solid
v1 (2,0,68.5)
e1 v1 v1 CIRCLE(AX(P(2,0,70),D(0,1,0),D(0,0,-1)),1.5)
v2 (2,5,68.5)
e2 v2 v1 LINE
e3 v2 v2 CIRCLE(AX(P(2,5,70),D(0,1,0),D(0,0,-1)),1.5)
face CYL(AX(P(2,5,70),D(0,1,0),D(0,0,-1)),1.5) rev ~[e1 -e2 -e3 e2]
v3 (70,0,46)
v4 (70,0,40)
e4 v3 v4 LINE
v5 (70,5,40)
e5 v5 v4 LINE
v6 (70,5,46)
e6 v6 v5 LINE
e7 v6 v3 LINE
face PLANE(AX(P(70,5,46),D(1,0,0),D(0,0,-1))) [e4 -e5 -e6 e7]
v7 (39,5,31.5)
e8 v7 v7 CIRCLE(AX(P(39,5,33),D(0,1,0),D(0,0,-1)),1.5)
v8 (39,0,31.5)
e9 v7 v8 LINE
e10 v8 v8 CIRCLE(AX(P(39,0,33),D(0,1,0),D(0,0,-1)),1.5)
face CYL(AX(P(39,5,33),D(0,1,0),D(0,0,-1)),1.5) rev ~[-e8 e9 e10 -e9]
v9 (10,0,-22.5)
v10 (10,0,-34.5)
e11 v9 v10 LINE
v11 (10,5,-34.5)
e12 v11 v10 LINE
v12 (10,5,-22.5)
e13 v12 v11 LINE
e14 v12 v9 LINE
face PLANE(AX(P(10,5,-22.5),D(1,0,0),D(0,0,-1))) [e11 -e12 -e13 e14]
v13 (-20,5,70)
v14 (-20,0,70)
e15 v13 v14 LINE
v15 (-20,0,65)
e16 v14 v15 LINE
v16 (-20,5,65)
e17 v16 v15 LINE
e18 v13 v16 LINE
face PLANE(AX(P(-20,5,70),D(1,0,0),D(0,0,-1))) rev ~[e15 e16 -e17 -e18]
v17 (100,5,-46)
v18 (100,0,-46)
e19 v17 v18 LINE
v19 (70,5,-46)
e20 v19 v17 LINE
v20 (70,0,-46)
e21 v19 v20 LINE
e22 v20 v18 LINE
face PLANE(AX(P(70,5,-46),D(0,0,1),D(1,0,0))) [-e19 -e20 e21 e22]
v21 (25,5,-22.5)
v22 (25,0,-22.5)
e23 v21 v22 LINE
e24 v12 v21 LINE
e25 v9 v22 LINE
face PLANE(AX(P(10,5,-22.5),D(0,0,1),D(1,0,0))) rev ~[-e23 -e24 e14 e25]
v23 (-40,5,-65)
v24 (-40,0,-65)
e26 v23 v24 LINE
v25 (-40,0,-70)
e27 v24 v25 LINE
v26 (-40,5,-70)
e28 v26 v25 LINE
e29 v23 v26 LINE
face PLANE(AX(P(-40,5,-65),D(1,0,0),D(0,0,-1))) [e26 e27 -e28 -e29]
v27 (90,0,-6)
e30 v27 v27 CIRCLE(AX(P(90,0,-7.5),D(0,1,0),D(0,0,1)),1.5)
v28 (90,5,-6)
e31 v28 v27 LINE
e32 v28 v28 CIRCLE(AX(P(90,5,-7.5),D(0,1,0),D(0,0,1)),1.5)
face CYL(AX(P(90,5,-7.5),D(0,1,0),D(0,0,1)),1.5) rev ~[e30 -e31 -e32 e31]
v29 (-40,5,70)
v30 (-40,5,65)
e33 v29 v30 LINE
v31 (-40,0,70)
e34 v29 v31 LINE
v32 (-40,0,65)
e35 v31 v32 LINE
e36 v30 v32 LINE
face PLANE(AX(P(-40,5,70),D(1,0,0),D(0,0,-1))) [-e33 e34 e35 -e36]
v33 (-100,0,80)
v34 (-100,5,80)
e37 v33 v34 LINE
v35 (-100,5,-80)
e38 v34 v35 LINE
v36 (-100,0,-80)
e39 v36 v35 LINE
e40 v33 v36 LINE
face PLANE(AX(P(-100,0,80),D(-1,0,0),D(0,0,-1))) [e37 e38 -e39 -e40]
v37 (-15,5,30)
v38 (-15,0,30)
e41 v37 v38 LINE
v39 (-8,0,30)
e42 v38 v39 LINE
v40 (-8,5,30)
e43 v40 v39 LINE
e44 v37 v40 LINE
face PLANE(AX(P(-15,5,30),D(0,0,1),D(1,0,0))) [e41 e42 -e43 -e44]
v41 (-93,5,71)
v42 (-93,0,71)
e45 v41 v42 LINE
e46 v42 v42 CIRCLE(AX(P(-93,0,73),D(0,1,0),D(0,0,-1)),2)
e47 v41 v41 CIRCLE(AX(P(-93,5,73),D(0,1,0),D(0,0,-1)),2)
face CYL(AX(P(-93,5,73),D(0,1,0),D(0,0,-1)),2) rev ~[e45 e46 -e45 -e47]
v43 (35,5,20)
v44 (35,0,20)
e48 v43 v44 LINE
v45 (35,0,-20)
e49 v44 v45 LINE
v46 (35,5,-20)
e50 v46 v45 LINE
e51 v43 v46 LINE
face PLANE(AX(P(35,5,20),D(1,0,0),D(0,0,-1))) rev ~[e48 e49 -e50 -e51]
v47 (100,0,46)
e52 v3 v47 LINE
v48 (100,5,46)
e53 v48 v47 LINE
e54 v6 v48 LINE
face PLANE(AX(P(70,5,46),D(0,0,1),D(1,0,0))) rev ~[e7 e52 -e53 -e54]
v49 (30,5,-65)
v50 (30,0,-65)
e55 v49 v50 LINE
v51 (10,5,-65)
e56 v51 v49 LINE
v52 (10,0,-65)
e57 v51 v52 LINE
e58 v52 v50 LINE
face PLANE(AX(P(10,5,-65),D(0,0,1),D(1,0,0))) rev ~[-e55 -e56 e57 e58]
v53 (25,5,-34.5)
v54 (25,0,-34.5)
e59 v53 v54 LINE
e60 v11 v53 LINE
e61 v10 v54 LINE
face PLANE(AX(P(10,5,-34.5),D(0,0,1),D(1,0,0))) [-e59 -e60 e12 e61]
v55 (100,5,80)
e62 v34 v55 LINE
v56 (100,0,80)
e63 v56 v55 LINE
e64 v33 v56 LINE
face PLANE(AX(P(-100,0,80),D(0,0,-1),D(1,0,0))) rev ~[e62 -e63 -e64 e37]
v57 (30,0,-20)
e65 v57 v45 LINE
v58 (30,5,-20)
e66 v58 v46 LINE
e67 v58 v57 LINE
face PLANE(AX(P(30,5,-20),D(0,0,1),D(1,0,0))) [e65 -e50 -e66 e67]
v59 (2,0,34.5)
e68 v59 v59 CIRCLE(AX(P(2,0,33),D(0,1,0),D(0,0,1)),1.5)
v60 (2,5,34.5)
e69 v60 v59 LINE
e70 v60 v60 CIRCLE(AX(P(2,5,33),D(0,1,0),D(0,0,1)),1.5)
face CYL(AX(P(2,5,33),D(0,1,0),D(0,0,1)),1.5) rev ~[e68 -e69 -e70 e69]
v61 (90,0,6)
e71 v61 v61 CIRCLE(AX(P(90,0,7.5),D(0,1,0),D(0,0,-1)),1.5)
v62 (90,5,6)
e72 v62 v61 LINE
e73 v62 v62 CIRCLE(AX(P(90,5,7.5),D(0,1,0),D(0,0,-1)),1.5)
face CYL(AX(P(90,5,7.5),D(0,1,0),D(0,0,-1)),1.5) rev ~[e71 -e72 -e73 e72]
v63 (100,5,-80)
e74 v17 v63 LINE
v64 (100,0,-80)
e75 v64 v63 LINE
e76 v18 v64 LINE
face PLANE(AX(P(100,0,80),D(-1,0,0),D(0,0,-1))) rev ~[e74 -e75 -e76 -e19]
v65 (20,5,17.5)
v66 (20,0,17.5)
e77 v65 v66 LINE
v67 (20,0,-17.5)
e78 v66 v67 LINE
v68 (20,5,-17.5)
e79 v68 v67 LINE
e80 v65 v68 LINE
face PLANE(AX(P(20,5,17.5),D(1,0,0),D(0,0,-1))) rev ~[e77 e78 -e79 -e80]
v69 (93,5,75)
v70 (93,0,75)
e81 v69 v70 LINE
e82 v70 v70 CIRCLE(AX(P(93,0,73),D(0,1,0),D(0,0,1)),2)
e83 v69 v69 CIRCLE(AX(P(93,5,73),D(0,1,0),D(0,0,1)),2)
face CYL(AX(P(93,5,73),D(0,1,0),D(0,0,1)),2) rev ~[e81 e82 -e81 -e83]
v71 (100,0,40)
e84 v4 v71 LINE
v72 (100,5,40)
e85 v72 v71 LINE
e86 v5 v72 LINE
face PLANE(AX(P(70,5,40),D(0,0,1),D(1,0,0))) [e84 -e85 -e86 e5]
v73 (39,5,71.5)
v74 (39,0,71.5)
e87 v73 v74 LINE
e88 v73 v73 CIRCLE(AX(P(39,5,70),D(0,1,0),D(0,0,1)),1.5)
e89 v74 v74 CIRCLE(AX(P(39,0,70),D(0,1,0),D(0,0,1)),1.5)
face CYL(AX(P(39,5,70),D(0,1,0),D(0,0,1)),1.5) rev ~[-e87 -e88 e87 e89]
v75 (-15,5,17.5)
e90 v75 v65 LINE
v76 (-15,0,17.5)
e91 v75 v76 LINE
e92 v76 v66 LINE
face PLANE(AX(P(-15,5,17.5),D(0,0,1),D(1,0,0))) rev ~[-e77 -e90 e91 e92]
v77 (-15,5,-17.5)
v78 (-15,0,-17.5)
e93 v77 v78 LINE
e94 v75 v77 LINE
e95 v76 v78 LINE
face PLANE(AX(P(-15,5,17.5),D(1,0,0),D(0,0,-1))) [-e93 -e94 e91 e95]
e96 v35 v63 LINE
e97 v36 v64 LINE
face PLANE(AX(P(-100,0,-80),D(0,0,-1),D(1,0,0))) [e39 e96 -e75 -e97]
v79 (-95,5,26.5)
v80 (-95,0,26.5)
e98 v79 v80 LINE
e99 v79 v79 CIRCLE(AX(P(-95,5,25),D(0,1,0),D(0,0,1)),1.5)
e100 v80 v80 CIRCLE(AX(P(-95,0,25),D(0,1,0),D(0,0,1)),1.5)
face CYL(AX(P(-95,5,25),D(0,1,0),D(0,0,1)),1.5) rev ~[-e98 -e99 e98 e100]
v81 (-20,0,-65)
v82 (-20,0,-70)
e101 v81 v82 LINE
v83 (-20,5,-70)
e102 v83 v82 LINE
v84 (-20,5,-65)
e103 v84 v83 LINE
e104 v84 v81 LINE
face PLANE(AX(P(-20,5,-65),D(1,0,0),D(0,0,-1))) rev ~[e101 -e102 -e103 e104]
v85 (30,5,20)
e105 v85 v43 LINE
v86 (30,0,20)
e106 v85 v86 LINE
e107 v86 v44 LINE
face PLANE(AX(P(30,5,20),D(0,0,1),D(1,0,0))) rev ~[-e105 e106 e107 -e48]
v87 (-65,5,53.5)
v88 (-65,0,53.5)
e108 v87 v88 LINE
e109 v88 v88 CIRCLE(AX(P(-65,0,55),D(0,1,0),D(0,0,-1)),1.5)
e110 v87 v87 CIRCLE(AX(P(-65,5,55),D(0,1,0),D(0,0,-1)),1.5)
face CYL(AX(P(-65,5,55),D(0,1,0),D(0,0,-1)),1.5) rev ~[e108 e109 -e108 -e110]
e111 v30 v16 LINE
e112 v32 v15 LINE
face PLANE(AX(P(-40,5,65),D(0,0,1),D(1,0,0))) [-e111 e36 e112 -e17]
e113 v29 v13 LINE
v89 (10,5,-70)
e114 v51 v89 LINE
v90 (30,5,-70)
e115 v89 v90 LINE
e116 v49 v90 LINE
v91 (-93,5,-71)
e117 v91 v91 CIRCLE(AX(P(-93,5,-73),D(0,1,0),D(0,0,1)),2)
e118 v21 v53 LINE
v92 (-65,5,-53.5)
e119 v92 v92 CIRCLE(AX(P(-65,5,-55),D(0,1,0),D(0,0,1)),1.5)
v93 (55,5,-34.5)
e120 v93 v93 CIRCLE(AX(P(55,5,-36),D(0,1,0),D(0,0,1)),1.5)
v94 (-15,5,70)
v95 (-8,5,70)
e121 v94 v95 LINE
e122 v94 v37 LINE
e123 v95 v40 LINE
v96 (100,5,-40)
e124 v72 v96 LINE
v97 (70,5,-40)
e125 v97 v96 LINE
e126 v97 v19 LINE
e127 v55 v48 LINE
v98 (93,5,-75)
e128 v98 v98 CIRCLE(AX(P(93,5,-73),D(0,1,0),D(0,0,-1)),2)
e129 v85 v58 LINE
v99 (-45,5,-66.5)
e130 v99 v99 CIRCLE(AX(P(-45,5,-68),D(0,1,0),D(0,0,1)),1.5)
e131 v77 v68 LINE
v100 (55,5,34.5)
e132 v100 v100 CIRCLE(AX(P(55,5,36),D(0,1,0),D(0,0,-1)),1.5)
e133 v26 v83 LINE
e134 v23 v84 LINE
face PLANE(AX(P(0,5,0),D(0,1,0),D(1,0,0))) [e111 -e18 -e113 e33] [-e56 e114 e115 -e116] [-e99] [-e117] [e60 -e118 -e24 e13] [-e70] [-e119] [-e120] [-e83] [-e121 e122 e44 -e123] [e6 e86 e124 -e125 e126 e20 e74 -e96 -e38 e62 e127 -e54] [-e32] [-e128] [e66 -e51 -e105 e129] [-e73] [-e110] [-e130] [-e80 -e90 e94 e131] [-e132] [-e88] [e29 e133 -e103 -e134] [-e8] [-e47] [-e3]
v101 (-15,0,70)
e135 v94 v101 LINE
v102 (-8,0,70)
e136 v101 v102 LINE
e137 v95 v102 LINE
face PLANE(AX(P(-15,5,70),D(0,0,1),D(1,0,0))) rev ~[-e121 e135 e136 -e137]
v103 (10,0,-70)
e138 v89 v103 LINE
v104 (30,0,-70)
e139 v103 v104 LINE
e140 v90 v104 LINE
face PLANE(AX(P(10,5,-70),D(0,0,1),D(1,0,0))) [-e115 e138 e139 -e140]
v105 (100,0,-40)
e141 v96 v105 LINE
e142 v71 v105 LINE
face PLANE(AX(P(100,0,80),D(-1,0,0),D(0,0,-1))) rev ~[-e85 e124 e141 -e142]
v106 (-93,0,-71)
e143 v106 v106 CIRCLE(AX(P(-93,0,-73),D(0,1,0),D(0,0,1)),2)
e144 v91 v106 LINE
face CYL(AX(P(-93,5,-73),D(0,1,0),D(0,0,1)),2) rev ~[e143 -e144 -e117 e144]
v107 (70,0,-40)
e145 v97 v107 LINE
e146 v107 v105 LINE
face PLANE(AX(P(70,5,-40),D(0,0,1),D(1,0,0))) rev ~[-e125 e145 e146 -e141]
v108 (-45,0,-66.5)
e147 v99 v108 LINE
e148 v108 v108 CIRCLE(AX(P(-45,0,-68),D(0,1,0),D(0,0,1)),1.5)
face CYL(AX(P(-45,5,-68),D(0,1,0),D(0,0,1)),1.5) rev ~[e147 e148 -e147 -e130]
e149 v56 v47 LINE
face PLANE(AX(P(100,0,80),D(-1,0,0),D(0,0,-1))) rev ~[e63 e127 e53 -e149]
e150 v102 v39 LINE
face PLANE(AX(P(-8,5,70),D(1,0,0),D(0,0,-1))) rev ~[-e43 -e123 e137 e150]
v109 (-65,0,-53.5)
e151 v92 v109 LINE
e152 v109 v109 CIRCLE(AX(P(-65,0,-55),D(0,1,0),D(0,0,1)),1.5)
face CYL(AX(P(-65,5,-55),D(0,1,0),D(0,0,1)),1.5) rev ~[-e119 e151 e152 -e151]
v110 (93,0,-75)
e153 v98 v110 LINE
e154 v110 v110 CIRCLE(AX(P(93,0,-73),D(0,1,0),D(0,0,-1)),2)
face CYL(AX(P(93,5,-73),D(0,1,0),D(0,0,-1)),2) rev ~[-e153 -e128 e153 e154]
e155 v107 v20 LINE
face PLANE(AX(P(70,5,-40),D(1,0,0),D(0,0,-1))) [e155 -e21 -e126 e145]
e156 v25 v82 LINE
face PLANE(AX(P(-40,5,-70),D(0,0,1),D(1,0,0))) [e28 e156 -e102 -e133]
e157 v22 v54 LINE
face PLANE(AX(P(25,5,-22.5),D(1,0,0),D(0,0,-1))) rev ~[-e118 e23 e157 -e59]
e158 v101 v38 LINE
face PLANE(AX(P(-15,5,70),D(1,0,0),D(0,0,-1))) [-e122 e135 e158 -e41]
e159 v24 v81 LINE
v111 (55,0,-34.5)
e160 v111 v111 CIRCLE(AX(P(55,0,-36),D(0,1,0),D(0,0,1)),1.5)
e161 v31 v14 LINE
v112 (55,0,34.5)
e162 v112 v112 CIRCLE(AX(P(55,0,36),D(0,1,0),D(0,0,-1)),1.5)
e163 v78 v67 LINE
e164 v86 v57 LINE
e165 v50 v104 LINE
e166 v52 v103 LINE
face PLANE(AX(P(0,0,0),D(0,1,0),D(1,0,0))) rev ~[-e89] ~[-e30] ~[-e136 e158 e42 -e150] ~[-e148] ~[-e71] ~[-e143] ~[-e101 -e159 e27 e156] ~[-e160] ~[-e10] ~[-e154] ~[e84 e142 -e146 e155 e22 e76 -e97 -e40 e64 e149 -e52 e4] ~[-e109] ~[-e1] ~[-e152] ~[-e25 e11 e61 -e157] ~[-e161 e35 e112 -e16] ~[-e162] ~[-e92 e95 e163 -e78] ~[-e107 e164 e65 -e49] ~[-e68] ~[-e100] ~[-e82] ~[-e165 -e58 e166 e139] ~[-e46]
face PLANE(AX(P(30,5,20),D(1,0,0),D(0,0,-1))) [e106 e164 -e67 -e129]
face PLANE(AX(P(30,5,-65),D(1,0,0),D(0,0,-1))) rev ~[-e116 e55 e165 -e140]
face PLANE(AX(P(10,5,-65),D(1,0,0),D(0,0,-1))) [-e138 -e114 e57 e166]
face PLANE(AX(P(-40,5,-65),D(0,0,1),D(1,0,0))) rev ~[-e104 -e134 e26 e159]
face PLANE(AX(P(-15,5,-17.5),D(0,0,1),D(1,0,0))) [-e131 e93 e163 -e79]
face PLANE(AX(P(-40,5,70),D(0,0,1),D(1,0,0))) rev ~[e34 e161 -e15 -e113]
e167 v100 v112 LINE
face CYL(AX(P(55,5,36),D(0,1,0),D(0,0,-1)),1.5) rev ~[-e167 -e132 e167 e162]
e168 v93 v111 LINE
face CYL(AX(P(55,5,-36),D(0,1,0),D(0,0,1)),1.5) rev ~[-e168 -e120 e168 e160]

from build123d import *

# Parameters (mm, degrees)
SKETCH1_W           = 200
SKETCH1_H           = 160
BOSS_EXTRUDE1_DEPTH = 5
SKETCH2_R           = 2
CUT_EXTRUDE1_DEPTH  = 5
SKETCH3_R           = 1.5
CUT_EXTRUDE4_DEPTH  = 5
SKETCH4_R           = 1.5
CUT_EXTRUDE5_DEPTH  = 5
SKETCH5_W           = 35
SKETCH5_H           = 35
CUT_EXTRUDE6_DEPTH  = 5
SKETCH7_W           = 7
SKETCH7_H           = 40
SKETCH7_W_2         = 5
SKETCH7_W_3         = 20
SKETCH7_H_2         = 5
CUT_EXTRUDE7_DEPTH  = 5
SKETCH8_W           = 15
SKETCH8_H           = 12
SKETCH8_W_2         = 30
SKETCH8_H_2         = 6
CUT_EXTRUDE8_DEPTH  = 5
SKETCH9_W           = 20
SKETCH9_H           = 5
CUT_EXTRUDE9_DEPTH  = 5
SKETCH10_R          = 1.5
CUT_EXTRUDE10_DEPTH = 5
SKETCH11_R          = 1.5
CUT_EXTRUDE11_DEPTH = 5
SKETCH12_R          = 1.5
CUT_EXTRUDE12_DEPTH = 5


with BuildPart() as part:
    # Sketch1 → Boss-Extrude1 (new body)
    with BuildSketch(Plane(origin=(0, 0, 0), x_dir=(1, 0, 0), z_dir=(0, 1, 0))):
        Rectangle(SKETCH1_W, SKETCH1_H)
    extrude(amount=BOSS_EXTRUDE1_DEPTH)

    # Sketch2 → Cut-Extrude1 (cut)
    with BuildSketch(Plane(origin=(0, 5, 0), x_dir=(1, 0, 0), z_dir=(0, 1, 0))):
        with Locations(Location((-93, 73, 0), (0, 0, 270))):
            Circle(SKETCH2_R)
        with Locations(Location((93, 73, 0), (0, 0, 90))):
            Circle(SKETCH2_R)
        with Locations(Location((93, -73, 0), (0, 0, 270))):
            Circle(SKETCH2_R)
        with Locations(Location((-93, -73, 0), (0, 0, 90))):
            Circle(SKETCH2_R)
    extrude(amount=-CUT_EXTRUDE1_DEPTH, mode=Mode.SUBTRACT)

    # Sketch3 → Cut-Extrude4 (cut)
    with BuildSketch(Plane(origin=(0, 5, 0), x_dir=(1, 0, 0), z_dir=(0, 1, 0))):
        with Locations(Location((90, 7.5, 0), (0, 0, 270))):
            Circle(SKETCH3_R)
        with Locations(Location((90, -7.5, 0), (0, 0, 90))):
            Circle(SKETCH3_R)
    extrude(amount=-CUT_EXTRUDE4_DEPTH, mode=Mode.SUBTRACT)

    # Sketch4 → Cut-Extrude5 (cut)
    with BuildSketch(Plane(origin=(0, 5, 0), x_dir=(1, 0, 0), z_dir=(0, 1, 0))):
        with Locations(Location((55, 36, 0), (0, 0, 270))):
            Circle(SKETCH4_R)
        with Locations(Location((55, -36, 0), (0, 0, 90))):
            Circle(SKETCH4_R)
    extrude(amount=-CUT_EXTRUDE5_DEPTH, mode=Mode.SUBTRACT)

    # Sketch5 → Cut-Extrude6 (cut)
    with BuildSketch(Plane(origin=(0, 5, 0), x_dir=(1, 0, 0), z_dir=(0, 1, 0))):
        with Locations((2.5, 0)):
            Rectangle(SKETCH5_W, SKETCH5_H)
    extrude(amount=-CUT_EXTRUDE6_DEPTH, mode=Mode.SUBTRACT)

    # Sketch7 → Cut-Extrude7 (cut)
    with BuildSketch(Plane(origin=(0, 5, 0), x_dir=(1, 0, 0), z_dir=(0, 1, 0))):
        with Locations((-11.5, -50)):
            Rectangle(SKETCH7_W, SKETCH7_H)
        with Locations((32.5, 0)):
            Rectangle(SKETCH7_W_2, SKETCH7_H)
        with Locations((-30, 67.5)):
            Rectangle(SKETCH7_W_3, SKETCH7_H_2)
        with Locations((-30, -67.5)):
            Rectangle(SKETCH7_W_3, SKETCH7_H_2)
    extrude(amount=-CUT_EXTRUDE7_DEPTH, mode=Mode.SUBTRACT)

    # Sketch8 → Cut-Extrude8 (cut)
    with BuildSketch(Plane(origin=(0, 5, 0), x_dir=(1, 0, 0), z_dir=(0, 1, 0))):
        with Locations((17.5, 28.5)):
            Rectangle(SKETCH8_W, SKETCH8_H)
        with Locations((85, 43)):
            Rectangle(SKETCH8_W_2, SKETCH8_H_2)
        with Locations((85, -43)):
            Rectangle(SKETCH8_W_2, SKETCH8_H_2)
    extrude(amount=-CUT_EXTRUDE8_DEPTH, mode=Mode.SUBTRACT)

    # Sketch9 → Cut-Extrude9 (cut)
    with BuildSketch(Plane(origin=(0, 5, 0), x_dir=(1, 0, 0), z_dir=(0, 1, 0))):
        with Locations((20, 67.5)):
            Rectangle(SKETCH9_W, SKETCH9_H)
    extrude(amount=-CUT_EXTRUDE9_DEPTH, mode=Mode.SUBTRACT)

    # Sketch10 → Cut-Extrude10 (cut)
    with BuildSketch(Plane(origin=(0, 5, 0), x_dir=(1, 0, 0), z_dir=(0, 1, 0))):
        with Locations(Location((-95, -25, 0), (0, 0, 270))):
            Circle(SKETCH10_R)
        with Locations(Location((-45, 68, 0), (0, 0, 270))):
            Circle(SKETCH10_R)
    extrude(amount=-CUT_EXTRUDE10_DEPTH, mode=Mode.SUBTRACT)

    # Sketch11 → Cut-Extrude11 (cut)
    with BuildSketch(Plane(origin=(0, 5, 0), x_dir=(1, 0, 0), z_dir=(0, 1, 0))):
        with Locations(Location((2, -33, 0), (0, 0, 270))):
            Circle(SKETCH11_R)
        with Locations(Location((2, -70, 0), (0, 0, 90))):
            Circle(SKETCH11_R)
        with Locations(Location((39, -70, 0), (0, 0, 270))):
            Circle(SKETCH11_R)
        with Locations(Location((39, -33, 0), (0, 0, 90))):
            Circle(SKETCH11_R)
    extrude(amount=-CUT_EXTRUDE11_DEPTH, mode=Mode.SUBTRACT)

    # Sketch12 → Cut-Extrude12 (cut)
    with BuildSketch(Plane(origin=(0, 5, 0), x_dir=(1, 0, 0), z_dir=(0, 1, 0))):
        with Locations(Location((-65, 55, 0), (0, 0, 270))):
            Circle(SKETCH12_R)
        with Locations(Location((-65, -55, 0), (0, 0, 90))):
            Circle(SKETCH12_R)
    extrude(amount=-CUT_EXTRUDE12_DEPTH, mode=Mode.SUBTRACT)


solid = part.part
